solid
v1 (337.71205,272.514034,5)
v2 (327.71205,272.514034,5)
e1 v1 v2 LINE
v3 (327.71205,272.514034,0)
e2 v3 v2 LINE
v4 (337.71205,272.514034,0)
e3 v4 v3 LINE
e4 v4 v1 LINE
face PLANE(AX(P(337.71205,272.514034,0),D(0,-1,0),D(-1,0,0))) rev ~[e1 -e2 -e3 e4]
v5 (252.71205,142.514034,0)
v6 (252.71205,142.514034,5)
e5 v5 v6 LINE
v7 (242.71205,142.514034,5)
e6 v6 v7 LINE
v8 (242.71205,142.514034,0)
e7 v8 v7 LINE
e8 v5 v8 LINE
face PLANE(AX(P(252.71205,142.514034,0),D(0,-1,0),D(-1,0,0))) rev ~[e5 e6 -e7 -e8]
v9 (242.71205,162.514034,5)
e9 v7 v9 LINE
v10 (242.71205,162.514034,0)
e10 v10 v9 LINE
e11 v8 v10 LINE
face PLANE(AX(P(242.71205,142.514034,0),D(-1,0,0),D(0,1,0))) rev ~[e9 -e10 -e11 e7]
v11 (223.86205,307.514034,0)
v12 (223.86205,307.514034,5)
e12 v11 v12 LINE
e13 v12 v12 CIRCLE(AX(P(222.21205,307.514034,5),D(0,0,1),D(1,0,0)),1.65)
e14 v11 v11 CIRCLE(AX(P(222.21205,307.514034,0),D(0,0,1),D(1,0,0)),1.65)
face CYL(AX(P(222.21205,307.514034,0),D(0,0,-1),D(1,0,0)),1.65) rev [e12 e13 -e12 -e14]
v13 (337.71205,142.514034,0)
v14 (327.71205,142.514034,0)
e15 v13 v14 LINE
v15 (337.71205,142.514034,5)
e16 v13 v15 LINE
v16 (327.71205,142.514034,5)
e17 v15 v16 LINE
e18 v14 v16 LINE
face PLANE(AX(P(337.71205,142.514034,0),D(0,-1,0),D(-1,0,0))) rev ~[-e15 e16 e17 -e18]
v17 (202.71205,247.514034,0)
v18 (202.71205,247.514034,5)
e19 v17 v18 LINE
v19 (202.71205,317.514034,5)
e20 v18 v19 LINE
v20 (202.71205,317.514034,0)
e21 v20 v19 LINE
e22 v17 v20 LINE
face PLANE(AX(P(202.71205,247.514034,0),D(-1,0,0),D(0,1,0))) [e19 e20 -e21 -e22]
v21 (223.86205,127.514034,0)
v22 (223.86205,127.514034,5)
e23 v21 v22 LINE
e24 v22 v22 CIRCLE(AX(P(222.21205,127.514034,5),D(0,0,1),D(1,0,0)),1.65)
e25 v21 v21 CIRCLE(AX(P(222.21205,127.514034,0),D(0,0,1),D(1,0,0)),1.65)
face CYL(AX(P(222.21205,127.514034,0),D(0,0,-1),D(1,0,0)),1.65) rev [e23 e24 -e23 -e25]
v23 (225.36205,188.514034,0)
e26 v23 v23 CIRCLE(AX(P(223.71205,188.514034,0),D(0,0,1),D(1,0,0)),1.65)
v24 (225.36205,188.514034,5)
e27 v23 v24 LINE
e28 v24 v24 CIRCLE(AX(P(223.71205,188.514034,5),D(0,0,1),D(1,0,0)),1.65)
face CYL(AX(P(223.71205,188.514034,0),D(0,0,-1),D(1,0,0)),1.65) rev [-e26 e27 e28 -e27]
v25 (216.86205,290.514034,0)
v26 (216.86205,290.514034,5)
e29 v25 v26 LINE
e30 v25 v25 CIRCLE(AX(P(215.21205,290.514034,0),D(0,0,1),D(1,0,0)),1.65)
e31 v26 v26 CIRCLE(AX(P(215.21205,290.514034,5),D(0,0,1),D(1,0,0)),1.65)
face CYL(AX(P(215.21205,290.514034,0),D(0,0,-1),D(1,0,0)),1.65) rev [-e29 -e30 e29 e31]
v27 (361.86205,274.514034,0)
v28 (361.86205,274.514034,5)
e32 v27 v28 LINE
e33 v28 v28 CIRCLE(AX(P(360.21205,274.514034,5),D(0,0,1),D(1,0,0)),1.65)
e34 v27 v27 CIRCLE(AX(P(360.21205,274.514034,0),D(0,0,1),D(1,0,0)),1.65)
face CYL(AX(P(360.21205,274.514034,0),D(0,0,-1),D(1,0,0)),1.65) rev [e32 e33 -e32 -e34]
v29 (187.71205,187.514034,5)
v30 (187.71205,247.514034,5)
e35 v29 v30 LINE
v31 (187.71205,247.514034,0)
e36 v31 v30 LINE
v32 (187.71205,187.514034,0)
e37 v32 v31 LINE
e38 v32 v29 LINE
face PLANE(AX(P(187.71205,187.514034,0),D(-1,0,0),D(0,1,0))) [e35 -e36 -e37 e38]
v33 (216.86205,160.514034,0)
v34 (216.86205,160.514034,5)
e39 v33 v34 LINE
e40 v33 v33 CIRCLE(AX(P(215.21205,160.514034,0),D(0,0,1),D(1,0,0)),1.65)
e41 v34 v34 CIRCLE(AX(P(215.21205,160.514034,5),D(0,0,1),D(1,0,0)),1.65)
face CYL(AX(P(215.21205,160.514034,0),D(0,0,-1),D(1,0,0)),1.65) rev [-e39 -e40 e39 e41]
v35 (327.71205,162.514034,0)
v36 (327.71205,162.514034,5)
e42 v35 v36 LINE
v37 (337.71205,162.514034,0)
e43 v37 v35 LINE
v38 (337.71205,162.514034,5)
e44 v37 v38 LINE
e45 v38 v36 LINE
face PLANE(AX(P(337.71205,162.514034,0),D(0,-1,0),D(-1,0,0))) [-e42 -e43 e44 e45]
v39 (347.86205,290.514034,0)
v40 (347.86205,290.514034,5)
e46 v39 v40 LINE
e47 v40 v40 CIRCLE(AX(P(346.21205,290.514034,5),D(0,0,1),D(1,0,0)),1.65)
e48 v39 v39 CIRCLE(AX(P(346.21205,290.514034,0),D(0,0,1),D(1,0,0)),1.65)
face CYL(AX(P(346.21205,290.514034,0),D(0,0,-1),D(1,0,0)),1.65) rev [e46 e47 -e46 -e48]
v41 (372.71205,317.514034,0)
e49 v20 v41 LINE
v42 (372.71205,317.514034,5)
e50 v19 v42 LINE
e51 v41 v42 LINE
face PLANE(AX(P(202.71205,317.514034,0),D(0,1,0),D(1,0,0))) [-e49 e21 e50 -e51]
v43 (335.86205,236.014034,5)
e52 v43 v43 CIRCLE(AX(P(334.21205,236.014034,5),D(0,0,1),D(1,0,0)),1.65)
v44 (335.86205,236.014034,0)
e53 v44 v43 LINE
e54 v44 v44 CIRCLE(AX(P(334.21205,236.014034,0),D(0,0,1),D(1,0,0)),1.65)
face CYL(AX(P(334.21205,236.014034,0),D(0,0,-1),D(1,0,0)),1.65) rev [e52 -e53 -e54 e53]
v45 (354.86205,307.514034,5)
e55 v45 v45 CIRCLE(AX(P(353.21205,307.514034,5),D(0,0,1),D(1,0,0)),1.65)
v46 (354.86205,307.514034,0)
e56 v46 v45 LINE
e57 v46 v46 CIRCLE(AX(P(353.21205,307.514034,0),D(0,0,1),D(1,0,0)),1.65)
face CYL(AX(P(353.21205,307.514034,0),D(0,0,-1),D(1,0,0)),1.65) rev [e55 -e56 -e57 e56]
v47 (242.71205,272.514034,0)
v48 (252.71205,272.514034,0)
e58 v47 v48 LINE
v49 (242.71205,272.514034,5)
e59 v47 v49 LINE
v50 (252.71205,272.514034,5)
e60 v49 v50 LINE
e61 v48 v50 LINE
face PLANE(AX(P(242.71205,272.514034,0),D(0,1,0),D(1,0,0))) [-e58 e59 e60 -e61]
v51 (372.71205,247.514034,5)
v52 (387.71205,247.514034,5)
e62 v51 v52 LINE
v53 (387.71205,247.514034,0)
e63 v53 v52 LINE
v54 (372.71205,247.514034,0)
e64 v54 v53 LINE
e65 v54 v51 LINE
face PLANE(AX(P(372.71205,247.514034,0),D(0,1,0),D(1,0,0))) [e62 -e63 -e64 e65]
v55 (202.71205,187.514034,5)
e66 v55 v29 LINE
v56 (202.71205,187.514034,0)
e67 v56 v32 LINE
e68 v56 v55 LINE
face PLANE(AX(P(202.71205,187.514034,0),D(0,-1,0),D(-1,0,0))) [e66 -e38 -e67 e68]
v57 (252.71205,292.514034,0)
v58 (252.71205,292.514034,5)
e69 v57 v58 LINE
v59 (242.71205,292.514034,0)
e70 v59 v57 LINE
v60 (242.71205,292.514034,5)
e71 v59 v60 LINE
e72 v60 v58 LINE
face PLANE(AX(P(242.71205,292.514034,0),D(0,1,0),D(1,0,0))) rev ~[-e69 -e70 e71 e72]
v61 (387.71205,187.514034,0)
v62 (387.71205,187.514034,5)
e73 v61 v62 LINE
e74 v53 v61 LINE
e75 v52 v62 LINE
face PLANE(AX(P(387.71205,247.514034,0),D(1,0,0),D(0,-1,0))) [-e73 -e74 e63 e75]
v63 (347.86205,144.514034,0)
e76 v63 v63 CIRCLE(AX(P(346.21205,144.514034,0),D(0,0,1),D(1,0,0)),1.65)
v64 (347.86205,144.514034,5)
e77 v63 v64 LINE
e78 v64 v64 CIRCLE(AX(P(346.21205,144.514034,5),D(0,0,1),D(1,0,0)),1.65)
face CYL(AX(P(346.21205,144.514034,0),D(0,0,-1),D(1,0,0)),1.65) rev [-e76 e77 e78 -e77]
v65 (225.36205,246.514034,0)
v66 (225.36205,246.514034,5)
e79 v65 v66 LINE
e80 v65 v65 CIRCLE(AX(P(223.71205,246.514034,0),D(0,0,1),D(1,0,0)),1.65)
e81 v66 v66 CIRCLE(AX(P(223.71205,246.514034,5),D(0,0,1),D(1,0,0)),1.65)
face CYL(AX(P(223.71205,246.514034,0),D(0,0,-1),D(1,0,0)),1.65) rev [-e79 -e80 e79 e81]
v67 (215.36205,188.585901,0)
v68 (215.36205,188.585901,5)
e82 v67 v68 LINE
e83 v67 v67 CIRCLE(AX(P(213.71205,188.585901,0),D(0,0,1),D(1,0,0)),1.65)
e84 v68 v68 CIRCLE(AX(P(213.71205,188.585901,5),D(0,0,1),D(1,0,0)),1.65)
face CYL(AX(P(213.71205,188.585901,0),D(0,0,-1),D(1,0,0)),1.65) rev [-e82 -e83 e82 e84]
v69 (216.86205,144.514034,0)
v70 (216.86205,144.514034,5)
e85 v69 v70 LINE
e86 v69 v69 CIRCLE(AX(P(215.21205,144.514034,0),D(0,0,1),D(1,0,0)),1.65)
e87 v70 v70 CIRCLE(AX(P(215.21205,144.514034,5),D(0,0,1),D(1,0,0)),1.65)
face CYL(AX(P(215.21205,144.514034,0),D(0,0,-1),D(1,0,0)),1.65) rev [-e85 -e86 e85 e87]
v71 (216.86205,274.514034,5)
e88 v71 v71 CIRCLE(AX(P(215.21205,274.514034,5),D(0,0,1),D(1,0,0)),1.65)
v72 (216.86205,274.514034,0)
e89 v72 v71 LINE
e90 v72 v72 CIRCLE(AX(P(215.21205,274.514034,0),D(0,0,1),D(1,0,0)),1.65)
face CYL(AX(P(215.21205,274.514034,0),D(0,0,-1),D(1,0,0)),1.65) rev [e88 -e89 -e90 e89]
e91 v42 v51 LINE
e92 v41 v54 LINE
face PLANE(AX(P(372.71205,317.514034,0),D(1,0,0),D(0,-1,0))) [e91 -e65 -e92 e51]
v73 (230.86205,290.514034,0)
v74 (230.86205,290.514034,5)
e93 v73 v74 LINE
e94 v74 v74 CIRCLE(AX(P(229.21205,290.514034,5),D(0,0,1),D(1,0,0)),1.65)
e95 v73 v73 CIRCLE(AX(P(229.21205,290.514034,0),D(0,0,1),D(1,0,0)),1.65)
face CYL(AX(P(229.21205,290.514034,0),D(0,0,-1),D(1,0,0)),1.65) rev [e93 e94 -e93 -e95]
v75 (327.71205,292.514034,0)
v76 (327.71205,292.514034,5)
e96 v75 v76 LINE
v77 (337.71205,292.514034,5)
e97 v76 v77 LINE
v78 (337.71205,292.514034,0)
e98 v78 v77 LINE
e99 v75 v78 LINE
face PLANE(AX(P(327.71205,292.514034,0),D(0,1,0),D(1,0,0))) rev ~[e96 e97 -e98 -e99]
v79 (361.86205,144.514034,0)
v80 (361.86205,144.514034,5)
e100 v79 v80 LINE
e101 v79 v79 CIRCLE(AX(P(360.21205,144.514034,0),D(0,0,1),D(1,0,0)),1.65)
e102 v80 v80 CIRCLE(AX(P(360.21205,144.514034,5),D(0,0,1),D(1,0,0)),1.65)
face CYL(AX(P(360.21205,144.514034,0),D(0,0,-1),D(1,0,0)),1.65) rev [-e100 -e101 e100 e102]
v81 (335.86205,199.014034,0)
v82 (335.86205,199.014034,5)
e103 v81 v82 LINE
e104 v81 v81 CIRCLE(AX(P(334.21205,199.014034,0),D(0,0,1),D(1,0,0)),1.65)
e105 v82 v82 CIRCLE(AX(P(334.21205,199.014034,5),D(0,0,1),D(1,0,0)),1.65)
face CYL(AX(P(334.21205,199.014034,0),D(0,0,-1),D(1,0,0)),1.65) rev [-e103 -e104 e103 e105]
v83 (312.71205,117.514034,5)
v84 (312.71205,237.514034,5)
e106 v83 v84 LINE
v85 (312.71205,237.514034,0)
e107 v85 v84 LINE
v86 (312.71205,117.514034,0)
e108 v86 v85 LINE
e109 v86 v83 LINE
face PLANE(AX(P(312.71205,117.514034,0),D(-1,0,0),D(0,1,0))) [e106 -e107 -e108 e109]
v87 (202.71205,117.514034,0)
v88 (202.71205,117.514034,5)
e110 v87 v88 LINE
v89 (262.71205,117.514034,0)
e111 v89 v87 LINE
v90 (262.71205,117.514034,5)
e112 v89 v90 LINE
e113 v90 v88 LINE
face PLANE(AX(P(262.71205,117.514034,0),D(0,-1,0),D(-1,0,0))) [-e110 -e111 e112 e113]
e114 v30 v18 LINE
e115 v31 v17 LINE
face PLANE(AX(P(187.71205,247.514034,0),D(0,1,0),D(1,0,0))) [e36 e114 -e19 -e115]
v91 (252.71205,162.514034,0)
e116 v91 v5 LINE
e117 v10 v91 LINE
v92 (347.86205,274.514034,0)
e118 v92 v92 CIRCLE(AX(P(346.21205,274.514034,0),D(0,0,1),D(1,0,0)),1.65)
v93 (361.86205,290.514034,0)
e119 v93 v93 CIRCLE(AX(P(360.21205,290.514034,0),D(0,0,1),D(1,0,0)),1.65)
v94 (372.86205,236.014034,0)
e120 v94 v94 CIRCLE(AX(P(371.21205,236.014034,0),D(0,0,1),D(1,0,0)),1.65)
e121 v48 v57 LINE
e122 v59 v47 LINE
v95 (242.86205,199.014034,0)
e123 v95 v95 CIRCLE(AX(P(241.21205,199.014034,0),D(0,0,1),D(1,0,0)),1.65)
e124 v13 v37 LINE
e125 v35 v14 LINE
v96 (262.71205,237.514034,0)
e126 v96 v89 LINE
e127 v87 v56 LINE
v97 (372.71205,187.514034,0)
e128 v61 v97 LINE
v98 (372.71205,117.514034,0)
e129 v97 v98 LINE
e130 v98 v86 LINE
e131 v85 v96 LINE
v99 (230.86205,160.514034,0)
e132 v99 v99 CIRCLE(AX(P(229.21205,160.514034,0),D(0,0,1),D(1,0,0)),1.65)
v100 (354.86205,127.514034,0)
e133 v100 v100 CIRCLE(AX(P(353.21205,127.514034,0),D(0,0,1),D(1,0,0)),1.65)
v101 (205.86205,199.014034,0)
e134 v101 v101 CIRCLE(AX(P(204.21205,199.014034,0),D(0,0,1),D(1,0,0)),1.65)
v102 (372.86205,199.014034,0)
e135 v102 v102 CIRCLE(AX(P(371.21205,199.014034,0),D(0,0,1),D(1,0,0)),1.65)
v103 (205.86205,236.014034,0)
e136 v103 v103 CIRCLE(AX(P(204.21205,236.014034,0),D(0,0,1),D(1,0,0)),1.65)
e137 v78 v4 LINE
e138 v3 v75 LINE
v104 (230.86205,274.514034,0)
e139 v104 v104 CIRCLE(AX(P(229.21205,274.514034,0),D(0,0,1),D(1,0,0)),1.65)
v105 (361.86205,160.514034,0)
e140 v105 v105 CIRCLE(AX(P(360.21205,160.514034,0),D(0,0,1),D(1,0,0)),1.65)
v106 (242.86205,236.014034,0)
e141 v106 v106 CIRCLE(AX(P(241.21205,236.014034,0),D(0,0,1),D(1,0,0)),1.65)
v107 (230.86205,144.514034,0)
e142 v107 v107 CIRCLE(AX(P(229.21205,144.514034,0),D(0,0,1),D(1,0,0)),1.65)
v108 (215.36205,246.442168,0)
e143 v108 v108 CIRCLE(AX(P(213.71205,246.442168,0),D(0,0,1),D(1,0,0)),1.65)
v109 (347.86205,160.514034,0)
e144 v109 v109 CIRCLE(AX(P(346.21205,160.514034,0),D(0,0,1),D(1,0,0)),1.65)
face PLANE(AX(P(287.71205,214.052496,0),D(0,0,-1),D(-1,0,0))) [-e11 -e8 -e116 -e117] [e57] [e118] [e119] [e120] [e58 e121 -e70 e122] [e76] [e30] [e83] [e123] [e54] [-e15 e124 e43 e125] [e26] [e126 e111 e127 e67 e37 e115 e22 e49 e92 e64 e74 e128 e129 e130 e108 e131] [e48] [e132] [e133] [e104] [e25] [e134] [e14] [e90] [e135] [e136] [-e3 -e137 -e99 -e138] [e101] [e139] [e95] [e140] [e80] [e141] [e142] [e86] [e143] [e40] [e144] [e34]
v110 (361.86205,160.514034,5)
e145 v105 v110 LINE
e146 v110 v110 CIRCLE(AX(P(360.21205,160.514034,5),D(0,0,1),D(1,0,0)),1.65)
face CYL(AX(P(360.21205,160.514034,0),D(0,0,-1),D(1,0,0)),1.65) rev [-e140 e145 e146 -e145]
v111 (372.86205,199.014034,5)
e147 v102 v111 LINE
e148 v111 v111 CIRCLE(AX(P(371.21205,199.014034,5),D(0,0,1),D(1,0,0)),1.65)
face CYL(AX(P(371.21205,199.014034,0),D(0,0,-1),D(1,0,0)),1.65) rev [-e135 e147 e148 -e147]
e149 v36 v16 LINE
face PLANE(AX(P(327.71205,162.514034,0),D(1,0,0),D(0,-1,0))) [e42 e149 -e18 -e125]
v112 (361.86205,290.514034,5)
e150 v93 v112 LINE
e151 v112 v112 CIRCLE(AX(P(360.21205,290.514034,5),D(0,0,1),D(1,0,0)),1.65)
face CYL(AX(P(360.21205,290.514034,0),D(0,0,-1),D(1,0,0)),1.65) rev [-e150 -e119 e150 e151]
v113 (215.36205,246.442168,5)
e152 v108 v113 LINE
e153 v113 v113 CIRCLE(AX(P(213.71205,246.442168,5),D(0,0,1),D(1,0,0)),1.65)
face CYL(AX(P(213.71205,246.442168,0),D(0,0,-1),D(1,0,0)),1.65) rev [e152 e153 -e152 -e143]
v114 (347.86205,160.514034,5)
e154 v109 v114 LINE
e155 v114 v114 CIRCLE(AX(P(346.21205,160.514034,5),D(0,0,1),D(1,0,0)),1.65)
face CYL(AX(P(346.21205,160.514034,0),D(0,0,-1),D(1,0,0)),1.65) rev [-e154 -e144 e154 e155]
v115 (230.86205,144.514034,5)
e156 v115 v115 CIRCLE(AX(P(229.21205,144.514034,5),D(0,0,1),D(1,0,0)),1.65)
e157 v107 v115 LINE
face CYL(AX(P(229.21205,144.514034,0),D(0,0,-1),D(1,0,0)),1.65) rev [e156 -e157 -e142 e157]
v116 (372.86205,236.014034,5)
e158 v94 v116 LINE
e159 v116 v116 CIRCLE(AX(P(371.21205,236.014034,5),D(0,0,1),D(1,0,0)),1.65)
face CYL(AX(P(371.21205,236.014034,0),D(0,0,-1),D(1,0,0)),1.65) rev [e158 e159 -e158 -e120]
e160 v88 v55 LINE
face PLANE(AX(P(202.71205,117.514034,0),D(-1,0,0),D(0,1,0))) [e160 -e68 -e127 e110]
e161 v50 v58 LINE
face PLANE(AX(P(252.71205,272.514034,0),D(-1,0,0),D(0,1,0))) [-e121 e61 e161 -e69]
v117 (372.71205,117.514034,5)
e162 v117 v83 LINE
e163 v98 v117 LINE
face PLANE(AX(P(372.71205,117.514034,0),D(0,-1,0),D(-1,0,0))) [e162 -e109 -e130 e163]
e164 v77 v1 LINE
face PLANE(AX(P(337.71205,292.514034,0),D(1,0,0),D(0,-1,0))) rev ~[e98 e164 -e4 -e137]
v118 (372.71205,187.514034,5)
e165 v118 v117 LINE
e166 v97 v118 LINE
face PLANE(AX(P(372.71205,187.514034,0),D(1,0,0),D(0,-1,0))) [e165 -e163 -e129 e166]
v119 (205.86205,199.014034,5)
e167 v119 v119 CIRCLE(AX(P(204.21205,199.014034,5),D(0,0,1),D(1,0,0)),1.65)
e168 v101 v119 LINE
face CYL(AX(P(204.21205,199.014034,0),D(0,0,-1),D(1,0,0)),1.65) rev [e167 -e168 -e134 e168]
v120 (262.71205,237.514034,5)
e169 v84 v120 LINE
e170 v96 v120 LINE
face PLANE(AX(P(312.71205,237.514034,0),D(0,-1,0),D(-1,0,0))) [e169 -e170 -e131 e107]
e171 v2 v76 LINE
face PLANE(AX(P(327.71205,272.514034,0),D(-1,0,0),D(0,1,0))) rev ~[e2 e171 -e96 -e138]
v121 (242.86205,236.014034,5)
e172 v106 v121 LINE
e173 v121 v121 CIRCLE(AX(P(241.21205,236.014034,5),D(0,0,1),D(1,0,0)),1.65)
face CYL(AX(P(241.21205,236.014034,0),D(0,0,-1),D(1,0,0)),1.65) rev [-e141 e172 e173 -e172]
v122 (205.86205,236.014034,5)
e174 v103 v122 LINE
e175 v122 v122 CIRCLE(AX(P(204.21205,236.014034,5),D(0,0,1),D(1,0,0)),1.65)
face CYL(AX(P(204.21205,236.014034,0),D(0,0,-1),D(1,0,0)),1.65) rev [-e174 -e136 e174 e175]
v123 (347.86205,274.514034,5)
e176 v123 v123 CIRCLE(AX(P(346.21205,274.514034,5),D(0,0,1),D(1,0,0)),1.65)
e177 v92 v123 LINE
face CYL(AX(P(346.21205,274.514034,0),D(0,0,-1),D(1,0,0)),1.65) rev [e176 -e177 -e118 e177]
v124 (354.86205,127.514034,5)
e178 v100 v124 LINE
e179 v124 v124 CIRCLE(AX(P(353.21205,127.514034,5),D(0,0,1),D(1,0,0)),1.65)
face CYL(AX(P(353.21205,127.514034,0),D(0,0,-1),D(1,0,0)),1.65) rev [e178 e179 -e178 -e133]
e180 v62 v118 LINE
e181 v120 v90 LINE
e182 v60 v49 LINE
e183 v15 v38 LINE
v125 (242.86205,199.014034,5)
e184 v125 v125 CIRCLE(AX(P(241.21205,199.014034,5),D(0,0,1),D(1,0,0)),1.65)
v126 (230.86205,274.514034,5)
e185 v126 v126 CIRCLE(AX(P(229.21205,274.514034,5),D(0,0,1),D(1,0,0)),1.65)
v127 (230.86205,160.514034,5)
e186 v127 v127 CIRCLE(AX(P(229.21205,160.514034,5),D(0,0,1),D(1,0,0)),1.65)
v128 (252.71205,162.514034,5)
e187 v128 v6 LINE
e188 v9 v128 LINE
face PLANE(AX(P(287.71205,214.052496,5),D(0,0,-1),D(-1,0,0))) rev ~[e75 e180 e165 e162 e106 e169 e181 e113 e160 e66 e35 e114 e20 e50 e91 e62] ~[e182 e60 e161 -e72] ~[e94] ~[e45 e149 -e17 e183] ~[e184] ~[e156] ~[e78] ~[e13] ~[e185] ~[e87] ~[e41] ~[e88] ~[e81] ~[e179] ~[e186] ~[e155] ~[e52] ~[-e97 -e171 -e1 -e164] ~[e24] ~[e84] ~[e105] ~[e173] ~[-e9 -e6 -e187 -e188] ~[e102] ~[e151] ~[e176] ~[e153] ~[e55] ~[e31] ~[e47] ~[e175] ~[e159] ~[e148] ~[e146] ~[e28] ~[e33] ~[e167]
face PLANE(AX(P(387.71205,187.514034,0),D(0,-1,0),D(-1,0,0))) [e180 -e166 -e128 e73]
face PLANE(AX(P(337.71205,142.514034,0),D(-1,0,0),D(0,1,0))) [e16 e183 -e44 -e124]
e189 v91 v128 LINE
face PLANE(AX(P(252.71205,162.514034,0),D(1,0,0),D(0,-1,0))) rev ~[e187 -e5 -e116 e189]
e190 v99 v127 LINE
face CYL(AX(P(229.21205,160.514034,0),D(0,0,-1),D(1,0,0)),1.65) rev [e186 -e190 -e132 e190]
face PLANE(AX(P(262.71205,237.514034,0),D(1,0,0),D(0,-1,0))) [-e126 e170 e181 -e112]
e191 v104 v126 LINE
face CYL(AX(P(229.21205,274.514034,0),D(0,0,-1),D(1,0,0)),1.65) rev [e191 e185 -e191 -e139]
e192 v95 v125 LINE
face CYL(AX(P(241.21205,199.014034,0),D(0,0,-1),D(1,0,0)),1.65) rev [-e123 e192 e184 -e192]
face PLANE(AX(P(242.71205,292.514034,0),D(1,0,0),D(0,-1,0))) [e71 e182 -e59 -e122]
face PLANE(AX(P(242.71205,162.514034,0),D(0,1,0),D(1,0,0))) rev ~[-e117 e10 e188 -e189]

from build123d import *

# Parameters (mm, degrees)
MODEL_R         = 1.65
EXTRUDE_1_DEPTH = 5


with BuildPart() as part:
    # Model → 凸台-拉伸1 (new body)
    with BuildSketch(Plane.XY):
        Polygon((202.712050333, 317.514034213), (372.712050333, 317.514034213), (372.712050333, 247.514034213), (387.712050333, 247.514034213), (387.712050333, 187.514034213), (372.712050333, 187.514034213), (372.712050333, 117.514034213), (312.712050333, 117.514034213), (312.712050333, 237.514034213), (262.712050333, 237.514034213), (262.712050333, 117.514034213), (202.712050333, 117.514034213), (202.712050333, 187.514034213), (187.712050333, 187.514034213), (187.712050333, 247.514034213), (202.712050333, 247.514034213), align=None)
        with Locations((204.212050333, 236.014034213)):
            Circle(MODEL_R, mode=Mode.SUBTRACT)
        with Locations((222.212050333, 127.514034213)):
            Circle(MODEL_R, mode=Mode.SUBTRACT)
        with Locations((353.212050333, 127.514034213)):
            Circle(MODEL_R, mode=Mode.SUBTRACT)
        with Locations((222.212050333, 307.514034213)):
            Circle(MODEL_R, mode=Mode.SUBTRACT)
        with Locations((353.212050333, 307.514034213)):
            Circle(MODEL_R, mode=Mode.SUBTRACT)
        with Locations((241.212050333, 236.014034213)):
            Circle(MODEL_R, mode=Mode.SUBTRACT)
        with Locations((204.212050333, 199.014034213)):
            Circle(MODEL_R, mode=Mode.SUBTRACT)
        with Locations((241.212050333, 199.014034213)):
            Circle(MODEL_R, mode=Mode.SUBTRACT)
        with Locations((371.212050333, 236.014034213)):
            Circle(MODEL_R, mode=Mode.SUBTRACT)
        with Locations((334.212050333, 236.014034213)):
            Circle(MODEL_R, mode=Mode.SUBTRACT)
        with Locations((371.212050333, 199.014034213)):
            Circle(MODEL_R, mode=Mode.SUBTRACT)
        with Locations((334.212050333, 199.014034213)):
            Circle(MODEL_R, mode=Mode.SUBTRACT)
        with Locations((215.212050333, 290.514034213)):
            Circle(MODEL_R, mode=Mode.SUBTRACT)
        with Locations((229.212050333, 290.514034213)):
            Circle(MODEL_R, mode=Mode.SUBTRACT)
        with Locations((215.212050333, 274.514034213)):
            Circle(MODEL_R, mode=Mode.SUBTRACT)
        with Locations((229.212050333, 274.514034213)):
            Circle(MODEL_R, mode=Mode.SUBTRACT)
        with Locations((215.212050333, 144.514034213)):
            Circle(MODEL_R, mode=Mode.SUBTRACT)
        with Locations((215.212050333, 160.514034213)):
            Circle(MODEL_R, mode=Mode.SUBTRACT)
        with Locations((360.212050333, 290.514034213)):
            Circle(MODEL_R, mode=Mode.SUBTRACT)
        with Locations((346.212050333, 290.514034213)):
            Circle(MODEL_R, mode=Mode.SUBTRACT)
        with Locations((360.212050333, 274.514034213)):
            Circle(MODEL_R, mode=Mode.SUBTRACT)
        with Locations((346.212050333, 274.514034213)):
            Circle(MODEL_R, mode=Mode.SUBTRACT)
        with Locations((360.212050333, 144.514034213)):
            Circle(MODEL_R, mode=Mode.SUBTRACT)
        with Locations((360.212050333, 160.514034213)):
            Circle(MODEL_R, mode=Mode.SUBTRACT)
        with Locations((229.212050333, 144.514034213)):
            Circle(MODEL_R, mode=Mode.SUBTRACT)
        with Locations((229.212050333, 160.514034213)):
            Circle(MODEL_R, mode=Mode.SUBTRACT)
        with Locations((346.212050333, 144.514034213)):
            Circle(MODEL_R, mode=Mode.SUBTRACT)
        with Locations((346.212050333, 160.514034213)):
            Circle(MODEL_R, mode=Mode.SUBTRACT)
        with Locations((223.712050333, 246.514034213)):
            Circle(MODEL_R, mode=Mode.SUBTRACT)
        with Locations((213.712050333, 246.442167925)):
            Circle(MODEL_R, mode=Mode.SUBTRACT)
        with Locations((223.712050333, 188.514034213)):
            Circle(MODEL_R, mode=Mode.SUBTRACT)
        with Locations((213.712050333, 188.585900501)):
            Circle(MODEL_R, mode=Mode.SUBTRACT)
        Polygon((252.712050333, 142.514034213), (247.712050333, 142.514034213), (242.712050333, 142.514034213), (242.712050333, 162.514034213), (252.712050333, 162.514034213), align=None, mode=Mode.SUBTRACT)
        Polygon((327.712050333, 142.514034213), (332.712050333, 142.514034213), (337.712050333, 142.514034213), (337.712050333, 162.514034213), (327.712050333, 162.514034213), align=None, mode=Mode.SUBTRACT)
        Polygon((252.712050333, 292.514034213), (247.712050333, 292.514034213), (242.712050333, 292.514034213), (242.712050333, 272.514034213), (252.712050333, 272.514034213), align=None, mode=Mode.SUBTRACT)
        Polygon((327.712050333, 292.514034213), (332.712050333, 292.514034213), (337.712050333, 292.514034213), (337.712050333, 272.514034213), (327.712050333, 272.514034213), align=None, mode=Mode.SUBTRACT)
    extrude(amount=EXTRUDE_1_DEPTH)


solid = part.part
